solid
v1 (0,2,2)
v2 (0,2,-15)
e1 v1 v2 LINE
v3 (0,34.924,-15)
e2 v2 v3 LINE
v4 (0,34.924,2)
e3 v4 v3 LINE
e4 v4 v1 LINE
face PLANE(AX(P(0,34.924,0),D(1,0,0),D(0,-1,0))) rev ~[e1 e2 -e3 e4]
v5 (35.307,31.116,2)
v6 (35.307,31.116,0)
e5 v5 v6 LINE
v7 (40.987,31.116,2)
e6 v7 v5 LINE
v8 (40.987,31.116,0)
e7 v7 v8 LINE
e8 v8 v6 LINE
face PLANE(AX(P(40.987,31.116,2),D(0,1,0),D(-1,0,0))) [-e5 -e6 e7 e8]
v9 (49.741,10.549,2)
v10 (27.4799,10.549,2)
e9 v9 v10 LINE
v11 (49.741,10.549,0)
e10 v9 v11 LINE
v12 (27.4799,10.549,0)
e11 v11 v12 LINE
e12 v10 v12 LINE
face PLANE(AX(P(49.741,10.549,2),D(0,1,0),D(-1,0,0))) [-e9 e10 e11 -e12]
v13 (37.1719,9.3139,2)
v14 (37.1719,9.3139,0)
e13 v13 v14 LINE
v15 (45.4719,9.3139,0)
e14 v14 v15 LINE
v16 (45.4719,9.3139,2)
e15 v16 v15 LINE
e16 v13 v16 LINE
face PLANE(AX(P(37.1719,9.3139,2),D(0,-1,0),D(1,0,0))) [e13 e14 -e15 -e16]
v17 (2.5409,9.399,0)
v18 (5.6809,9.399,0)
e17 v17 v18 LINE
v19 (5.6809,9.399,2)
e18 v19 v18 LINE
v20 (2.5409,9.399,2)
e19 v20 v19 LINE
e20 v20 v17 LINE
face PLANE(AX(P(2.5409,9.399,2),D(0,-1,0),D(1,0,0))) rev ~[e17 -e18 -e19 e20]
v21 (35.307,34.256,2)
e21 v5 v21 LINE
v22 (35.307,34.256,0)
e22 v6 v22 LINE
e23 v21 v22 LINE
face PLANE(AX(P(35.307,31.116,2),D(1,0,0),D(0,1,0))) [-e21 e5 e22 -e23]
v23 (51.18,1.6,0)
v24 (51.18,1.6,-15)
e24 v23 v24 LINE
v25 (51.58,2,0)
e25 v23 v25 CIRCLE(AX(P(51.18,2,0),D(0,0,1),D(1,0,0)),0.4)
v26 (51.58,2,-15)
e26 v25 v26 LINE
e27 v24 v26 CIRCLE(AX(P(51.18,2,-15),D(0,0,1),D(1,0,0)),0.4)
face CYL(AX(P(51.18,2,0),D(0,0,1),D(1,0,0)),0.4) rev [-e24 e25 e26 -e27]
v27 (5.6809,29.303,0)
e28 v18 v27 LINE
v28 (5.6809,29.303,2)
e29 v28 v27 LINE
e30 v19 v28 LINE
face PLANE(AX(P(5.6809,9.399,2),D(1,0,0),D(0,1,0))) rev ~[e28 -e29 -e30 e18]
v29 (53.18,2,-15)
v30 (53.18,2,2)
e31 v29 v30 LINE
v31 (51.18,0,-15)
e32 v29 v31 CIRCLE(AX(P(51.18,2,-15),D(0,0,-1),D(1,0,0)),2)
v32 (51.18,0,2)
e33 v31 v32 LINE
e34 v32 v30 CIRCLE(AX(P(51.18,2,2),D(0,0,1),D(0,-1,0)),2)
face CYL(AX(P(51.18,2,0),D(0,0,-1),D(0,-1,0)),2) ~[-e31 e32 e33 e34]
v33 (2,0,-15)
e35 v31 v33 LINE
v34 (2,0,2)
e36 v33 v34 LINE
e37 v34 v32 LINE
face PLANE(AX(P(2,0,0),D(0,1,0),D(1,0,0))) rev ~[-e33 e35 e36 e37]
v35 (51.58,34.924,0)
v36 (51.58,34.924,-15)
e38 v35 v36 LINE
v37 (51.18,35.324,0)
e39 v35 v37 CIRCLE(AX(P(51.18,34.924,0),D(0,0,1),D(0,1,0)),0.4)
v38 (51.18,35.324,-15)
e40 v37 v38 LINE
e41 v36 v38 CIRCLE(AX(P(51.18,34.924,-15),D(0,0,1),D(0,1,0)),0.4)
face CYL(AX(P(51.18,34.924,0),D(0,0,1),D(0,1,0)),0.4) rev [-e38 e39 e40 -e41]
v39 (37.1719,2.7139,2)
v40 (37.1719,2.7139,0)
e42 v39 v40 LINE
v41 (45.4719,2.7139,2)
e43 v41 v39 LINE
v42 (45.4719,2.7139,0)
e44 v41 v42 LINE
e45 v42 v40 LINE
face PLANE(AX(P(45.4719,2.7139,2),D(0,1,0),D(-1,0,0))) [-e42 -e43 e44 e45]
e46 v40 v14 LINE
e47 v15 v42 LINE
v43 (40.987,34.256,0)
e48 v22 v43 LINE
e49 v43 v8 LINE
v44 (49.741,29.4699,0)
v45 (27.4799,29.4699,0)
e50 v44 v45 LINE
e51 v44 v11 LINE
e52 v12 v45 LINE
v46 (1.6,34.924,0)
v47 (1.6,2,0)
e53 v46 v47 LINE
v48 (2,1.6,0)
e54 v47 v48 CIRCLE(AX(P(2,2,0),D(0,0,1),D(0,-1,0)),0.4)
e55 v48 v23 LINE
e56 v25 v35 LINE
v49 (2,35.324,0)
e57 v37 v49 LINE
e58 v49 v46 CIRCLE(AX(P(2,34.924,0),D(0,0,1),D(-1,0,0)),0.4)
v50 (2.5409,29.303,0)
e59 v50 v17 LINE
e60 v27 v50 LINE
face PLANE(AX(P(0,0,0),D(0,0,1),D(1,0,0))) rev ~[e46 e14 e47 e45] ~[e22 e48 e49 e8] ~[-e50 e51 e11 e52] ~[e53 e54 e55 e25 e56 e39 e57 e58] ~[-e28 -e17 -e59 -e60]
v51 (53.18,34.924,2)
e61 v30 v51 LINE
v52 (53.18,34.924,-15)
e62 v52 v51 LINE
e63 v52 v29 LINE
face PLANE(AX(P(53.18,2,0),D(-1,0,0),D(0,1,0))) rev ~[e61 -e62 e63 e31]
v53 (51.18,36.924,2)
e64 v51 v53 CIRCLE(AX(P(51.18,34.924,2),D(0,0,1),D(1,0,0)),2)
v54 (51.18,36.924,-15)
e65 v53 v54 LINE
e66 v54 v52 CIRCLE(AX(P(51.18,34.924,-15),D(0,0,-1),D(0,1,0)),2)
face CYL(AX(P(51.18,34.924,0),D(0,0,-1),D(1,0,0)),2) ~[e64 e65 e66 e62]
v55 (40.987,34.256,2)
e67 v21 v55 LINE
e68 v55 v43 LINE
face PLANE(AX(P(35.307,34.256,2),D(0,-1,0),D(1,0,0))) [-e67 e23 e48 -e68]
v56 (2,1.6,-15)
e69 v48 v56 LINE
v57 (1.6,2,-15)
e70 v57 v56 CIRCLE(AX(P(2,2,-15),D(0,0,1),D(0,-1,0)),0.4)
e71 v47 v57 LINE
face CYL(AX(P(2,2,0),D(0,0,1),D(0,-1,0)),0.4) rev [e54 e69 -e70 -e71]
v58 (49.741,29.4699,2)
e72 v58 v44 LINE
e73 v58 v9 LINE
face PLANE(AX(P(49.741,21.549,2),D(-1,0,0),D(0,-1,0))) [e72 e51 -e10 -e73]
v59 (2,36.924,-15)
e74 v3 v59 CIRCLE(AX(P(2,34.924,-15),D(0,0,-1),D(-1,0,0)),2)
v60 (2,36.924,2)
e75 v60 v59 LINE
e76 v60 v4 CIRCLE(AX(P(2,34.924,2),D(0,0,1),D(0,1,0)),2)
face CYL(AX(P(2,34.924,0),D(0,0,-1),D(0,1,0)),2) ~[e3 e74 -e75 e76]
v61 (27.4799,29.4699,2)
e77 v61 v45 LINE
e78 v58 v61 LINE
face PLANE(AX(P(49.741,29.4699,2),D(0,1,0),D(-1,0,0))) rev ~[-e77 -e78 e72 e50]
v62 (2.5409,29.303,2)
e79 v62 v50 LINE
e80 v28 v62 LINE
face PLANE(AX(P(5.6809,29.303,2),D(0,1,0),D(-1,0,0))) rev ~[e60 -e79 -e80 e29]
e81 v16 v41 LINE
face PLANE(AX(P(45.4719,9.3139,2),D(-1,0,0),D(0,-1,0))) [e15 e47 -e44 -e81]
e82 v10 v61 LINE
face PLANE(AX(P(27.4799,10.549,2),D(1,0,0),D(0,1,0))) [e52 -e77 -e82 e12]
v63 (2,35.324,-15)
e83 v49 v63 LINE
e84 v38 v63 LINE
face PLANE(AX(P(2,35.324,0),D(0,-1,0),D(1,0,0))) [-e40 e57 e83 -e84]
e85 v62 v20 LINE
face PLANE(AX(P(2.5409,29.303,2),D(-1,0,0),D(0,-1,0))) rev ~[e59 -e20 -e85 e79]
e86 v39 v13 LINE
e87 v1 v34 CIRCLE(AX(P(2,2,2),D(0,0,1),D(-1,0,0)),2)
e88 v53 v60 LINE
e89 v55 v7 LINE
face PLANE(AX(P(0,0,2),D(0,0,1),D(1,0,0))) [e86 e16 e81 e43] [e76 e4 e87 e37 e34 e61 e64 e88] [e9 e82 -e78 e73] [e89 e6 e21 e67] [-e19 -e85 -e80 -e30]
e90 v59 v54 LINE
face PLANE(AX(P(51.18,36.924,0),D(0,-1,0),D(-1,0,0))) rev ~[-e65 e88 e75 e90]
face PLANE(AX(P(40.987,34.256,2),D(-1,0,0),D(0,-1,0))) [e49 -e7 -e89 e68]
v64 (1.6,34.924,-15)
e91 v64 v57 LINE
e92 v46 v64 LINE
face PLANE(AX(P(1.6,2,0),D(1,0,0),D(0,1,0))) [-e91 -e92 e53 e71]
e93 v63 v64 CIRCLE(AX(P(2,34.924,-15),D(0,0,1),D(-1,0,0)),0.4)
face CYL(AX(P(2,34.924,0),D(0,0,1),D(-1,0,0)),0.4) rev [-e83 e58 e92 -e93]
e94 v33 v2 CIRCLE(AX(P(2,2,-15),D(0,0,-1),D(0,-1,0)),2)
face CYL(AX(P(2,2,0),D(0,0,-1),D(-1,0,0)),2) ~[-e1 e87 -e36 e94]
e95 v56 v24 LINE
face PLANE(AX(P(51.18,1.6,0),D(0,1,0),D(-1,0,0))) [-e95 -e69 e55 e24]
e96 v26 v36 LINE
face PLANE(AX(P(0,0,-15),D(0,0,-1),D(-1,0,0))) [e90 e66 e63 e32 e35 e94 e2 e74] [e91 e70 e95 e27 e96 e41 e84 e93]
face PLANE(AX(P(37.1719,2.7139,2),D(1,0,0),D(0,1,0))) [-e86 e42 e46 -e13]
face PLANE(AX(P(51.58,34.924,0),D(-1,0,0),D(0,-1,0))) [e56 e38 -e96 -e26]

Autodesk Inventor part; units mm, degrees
ref_plane "YZ Plane" through (0, 0, 0) normal (1, 0, 0) x (0, 1, 0)
ref_plane "XZ Plane" through (0, 0, 0) normal (0, 1, 0) x (-1, 0, 0)
ref_plane "XY Plane" through (0, 0, 0) normal (0, 0, 1) x (1, 0, 0)
sketch "Sketch1" plane through (0, 0, 0) normal (0, 0, 1) x (1, 0, 0)
  line L0 (2, 0) -> (51.18, 0)
  line L1 (53.18, 2) -> (53.18, 34.924)
  line L2 (51.18, 36.924) -> (2, 36.924)
  line L3 (0, 34.924) -> (0, 2)
  arc A0 (2, 36.924) -> (0, 34.924) centre (2, 34.924) ccw
  arc A1 (0, 2) -> (2, 0) centre (2, 2) ccw
  arc A2 (51.18, 0) -> (53.18, 2) centre (51.18, 2) ccw
  arc A3 (53.18, 34.924) -> (51.18, 36.924) centre (51.18, 34.924) ccw
  point P0 (0, 0)
  point P1 (53.18, 36.924)
  point P2 (53.18, 0)
  point P3 (0, 36.924)
  dimension "d0" = 36.924
  dimension "d1" = 53.18
  dimension "d2" = 2
extrude "Extrusion1" add sketch "Sketch1" along normal blind 2
sketch "Sketch2" plane through (0, 0, 2) normal (0, 0, 1) x (1, 0, 0)
  point P0 (0, 0)
sketch "Sketch3" plane through (0, 0, 2) normal (0, 0, 1) x (1, 0, 0)
  line L0 (3.9641, 27.5862) -> (4.2577, 27.5862) projected
  line L1 (4.2577, 27.5862) -> (4.2577, 27.8798) projected
  line L2 (4.2577, 27.8798) -> (3.9641, 27.8798) projected
  line L3 (3.9641, 27.8798) -> (3.9641, 27.5862) projected
  line L4 (3.9793, 10.8373) -> (4.2425, 10.8373) projected
  line L5 (4.2425, 10.8373) -> (4.2425, 11.1006) projected
  line L6 (4.2425, 11.1006) -> (3.9793, 11.1006) projected
  line L7 (3.9793, 11.1006) -> (3.9793, 10.8373) projected
  line L8 (2.5409, 9.399) -> (5.6809, 9.399)
  line L9 (5.6809, 9.399) -> (5.6809, 29.303)
  line L10 (5.6809, 29.303) -> (2.5409, 29.303)
  line L11 (2.5409, 29.303) -> (2.5409, 9.399)
  line L12 (36.7302, 32.8328) -> (36.7302, 32.5392) projected
  line L13 (36.7302, 32.5392) -> (37.0238, 32.5392) projected
  line L14 (37.0238, 32.5392) -> (37.0238, 32.8328) projected
  line L15 (37.0238, 32.8328) -> (36.7302, 32.8328) projected
  line L16 (39.2702, 32.8328) -> (39.2702, 32.5392) projected
  line L17 (39.2702, 32.5392) -> (39.5638, 32.5392) projected
  line L18 (39.5638, 32.5392) -> (39.5638, 32.8328) projected
  line L19 (39.5638, 32.8328) -> (39.2702, 32.8328) projected
  line L20 (35.307, 34.256) -> (40.987, 34.256)
  line L21 (40.987, 34.256) -> (40.987, 31.116)
  line L22 (40.987, 31.116) -> (35.307, 31.116)
  line L23 (35.307, 31.116) -> (35.307, 34.256)
  arc A0 (51.18, 0) -> (53.18, 2) centre (51.18, 2) ccw projected
  line L24 (53.18, 2) -> (53.18, 34.924) projected
  arc A1 (53.18, 34.924) -> (51.18, 36.924) centre (51.18, 34.924) ccw projected
  line L25 (51.18, 36.924) -> (2, 36.924) projected
  arc A2 (2, 36.924) -> (0, 34.924) centre (2, 34.924) ccw projected
  line L26 (0, 34.924) -> (0, 2) projected
  arc A3 (0, 2) -> (2, 0) centre (2, 2) ccw projected
  line L27 (2, 0) -> (51.18, 0) projected
  line L28 (49.341, 10.949) -> (27.8799, 10.949) construction
  line L29 (27.8799, 10.949) -> (27.8799, 21.149) construction
  line L30 (27.8799, 21.149) -> (49.341, 21.149) construction
  line L31 (49.341, 21.149) -> (49.341, 10.949) construction
  line L32 (49.741, 10.549) -> (27.4799, 10.549)
  line L33 (27.4799, 10.549) -> (27.4799, 21.549)
  line L34 (27.4799, 21.549) -> (49.741, 21.549) construction
  line L35 (49.741, 21.549) -> (49.741, 10.549)
  line L36 (49.741, 21.549) -> (27.4799, 21.549) construction
  line L37 (27.4799, 21.549) -> (27.4799, 29.0699)
  line L38 (27.4799, 29.0699) -> (49.741, 29.0699) construction
  line L39 (49.741, 29.0699) -> (49.741, 21.549)
  line L40 (27.4799, 29.0699) -> (49.741, 29.0699)
  line L41 (49.741, 29.0699) -> (49.741, 29.4699)
  line L42 (49.741, 29.4699) -> (27.4799, 29.4699)
  line L43 (27.4799, 29.4699) -> (27.4799, 29.0699)
  line L44 (37.1719, 9.3139) -> (45.4719, 9.3139)
  line L45 (45.4719, 9.3139) -> (45.4719, 2.7139)
  line L46 (45.4719, 2.7139) -> (37.1719, 2.7139)
  line L47 (37.1719, 2.7139) -> (37.1719, 9.3139)
  point P0 (0, 0)
  point P1 (3.9793, 10.969)
  point P2 (4.1109, 11.1006)
  point P3 (4.1109, 9.399)
  point P4 (4.1109, 29.303)
  point P5 (3.9641, 27.733)
  point P6 (36.877, 32.8328)
  point P7 (39.417, 32.8328)
  point P8 (39.5638, 32.686)
  point P9 (40.987, 32.686)
  point P10 (27.8799, 11.076)
  point P11 (27.883, 21.5699)
  point P12 (49.304, 29.0699)
  point P13 (49.304, 21.5699)
  point P14 (27.883, 29.0699)
  point P15 (37.5719, 8.9139)
  point P16 (45.0719, 3.1139)
  dimension "d5" = 1.57
  dimension "d6" = 1.57
  dimension "d7" = 1.57
  dimension "d8" = 1.57
  dimension "d9" = 1.57
  dimension "d10" = 1.57
  dimension "d13" = 0.4
  dimension "d14" = 0.4
  dimension "d15" = 0.4
  dimension "d16" = 0.4
  dimension "d17" = 0.4
  dimension "d18" = 0.4
  dimension "d19" = 0.4
  dimension "d20" = 0.4
  dimension "d21" = 0.4
extrude "Extrusion2" cut sketch "Sketch3" against normal through all contours L3 L2 L1 L0 | L7 L6 L5 L4 | L11 L10 L9 L8 | L15 L14 L13 L12 | L19 L18 L17 L16 | L20 L21 L22 L23 | L32 L33 L37 L40 L39 L35 | L40 L43 L42 L41 | L44 L45 L46 L47
sketch "Sketch4" plane through (0, 0, 0) normal (0, 0, -1) x (-1, 0, 0)
  arc A0 (-2, 0) -> (0, 2) centre (-2, 2) ccw projected
  line L0 (0, 2) -> (0, 34.924) projected
  line L1 (-51.18, 0) -> (-2, 0) projected
  arc A1 (-53.18, 2) -> (-51.18, 0) centre (-51.18, 2) ccw projected
  line L2 (-53.18, 34.924) -> (-53.18, 2) projected
  arc A2 (-51.18, 36.924) -> (-53.18, 34.924) centre (-51.18, 34.924) ccw projected
  line L3 (-2, 36.924) -> (-51.18, 36.924) projected
  arc A3 (0, 34.924) -> (-2, 36.924) centre (-2, 34.924) ccw projected
  point P0 (0, 0)
extrude "Extrusion3" add sketch "Sketch4" along normal blind 15 separate body
shell "Shell1" thickness 1.6 removed faces 3 at (12.9473, 16.417, 0) at (34.7867, 12.308, 0) at (34.7867, 12.308, -15) bodies 2
combine bodies "Combine1" operation type add bodies to combine 1 2
properties part number "Frame_Lid"
